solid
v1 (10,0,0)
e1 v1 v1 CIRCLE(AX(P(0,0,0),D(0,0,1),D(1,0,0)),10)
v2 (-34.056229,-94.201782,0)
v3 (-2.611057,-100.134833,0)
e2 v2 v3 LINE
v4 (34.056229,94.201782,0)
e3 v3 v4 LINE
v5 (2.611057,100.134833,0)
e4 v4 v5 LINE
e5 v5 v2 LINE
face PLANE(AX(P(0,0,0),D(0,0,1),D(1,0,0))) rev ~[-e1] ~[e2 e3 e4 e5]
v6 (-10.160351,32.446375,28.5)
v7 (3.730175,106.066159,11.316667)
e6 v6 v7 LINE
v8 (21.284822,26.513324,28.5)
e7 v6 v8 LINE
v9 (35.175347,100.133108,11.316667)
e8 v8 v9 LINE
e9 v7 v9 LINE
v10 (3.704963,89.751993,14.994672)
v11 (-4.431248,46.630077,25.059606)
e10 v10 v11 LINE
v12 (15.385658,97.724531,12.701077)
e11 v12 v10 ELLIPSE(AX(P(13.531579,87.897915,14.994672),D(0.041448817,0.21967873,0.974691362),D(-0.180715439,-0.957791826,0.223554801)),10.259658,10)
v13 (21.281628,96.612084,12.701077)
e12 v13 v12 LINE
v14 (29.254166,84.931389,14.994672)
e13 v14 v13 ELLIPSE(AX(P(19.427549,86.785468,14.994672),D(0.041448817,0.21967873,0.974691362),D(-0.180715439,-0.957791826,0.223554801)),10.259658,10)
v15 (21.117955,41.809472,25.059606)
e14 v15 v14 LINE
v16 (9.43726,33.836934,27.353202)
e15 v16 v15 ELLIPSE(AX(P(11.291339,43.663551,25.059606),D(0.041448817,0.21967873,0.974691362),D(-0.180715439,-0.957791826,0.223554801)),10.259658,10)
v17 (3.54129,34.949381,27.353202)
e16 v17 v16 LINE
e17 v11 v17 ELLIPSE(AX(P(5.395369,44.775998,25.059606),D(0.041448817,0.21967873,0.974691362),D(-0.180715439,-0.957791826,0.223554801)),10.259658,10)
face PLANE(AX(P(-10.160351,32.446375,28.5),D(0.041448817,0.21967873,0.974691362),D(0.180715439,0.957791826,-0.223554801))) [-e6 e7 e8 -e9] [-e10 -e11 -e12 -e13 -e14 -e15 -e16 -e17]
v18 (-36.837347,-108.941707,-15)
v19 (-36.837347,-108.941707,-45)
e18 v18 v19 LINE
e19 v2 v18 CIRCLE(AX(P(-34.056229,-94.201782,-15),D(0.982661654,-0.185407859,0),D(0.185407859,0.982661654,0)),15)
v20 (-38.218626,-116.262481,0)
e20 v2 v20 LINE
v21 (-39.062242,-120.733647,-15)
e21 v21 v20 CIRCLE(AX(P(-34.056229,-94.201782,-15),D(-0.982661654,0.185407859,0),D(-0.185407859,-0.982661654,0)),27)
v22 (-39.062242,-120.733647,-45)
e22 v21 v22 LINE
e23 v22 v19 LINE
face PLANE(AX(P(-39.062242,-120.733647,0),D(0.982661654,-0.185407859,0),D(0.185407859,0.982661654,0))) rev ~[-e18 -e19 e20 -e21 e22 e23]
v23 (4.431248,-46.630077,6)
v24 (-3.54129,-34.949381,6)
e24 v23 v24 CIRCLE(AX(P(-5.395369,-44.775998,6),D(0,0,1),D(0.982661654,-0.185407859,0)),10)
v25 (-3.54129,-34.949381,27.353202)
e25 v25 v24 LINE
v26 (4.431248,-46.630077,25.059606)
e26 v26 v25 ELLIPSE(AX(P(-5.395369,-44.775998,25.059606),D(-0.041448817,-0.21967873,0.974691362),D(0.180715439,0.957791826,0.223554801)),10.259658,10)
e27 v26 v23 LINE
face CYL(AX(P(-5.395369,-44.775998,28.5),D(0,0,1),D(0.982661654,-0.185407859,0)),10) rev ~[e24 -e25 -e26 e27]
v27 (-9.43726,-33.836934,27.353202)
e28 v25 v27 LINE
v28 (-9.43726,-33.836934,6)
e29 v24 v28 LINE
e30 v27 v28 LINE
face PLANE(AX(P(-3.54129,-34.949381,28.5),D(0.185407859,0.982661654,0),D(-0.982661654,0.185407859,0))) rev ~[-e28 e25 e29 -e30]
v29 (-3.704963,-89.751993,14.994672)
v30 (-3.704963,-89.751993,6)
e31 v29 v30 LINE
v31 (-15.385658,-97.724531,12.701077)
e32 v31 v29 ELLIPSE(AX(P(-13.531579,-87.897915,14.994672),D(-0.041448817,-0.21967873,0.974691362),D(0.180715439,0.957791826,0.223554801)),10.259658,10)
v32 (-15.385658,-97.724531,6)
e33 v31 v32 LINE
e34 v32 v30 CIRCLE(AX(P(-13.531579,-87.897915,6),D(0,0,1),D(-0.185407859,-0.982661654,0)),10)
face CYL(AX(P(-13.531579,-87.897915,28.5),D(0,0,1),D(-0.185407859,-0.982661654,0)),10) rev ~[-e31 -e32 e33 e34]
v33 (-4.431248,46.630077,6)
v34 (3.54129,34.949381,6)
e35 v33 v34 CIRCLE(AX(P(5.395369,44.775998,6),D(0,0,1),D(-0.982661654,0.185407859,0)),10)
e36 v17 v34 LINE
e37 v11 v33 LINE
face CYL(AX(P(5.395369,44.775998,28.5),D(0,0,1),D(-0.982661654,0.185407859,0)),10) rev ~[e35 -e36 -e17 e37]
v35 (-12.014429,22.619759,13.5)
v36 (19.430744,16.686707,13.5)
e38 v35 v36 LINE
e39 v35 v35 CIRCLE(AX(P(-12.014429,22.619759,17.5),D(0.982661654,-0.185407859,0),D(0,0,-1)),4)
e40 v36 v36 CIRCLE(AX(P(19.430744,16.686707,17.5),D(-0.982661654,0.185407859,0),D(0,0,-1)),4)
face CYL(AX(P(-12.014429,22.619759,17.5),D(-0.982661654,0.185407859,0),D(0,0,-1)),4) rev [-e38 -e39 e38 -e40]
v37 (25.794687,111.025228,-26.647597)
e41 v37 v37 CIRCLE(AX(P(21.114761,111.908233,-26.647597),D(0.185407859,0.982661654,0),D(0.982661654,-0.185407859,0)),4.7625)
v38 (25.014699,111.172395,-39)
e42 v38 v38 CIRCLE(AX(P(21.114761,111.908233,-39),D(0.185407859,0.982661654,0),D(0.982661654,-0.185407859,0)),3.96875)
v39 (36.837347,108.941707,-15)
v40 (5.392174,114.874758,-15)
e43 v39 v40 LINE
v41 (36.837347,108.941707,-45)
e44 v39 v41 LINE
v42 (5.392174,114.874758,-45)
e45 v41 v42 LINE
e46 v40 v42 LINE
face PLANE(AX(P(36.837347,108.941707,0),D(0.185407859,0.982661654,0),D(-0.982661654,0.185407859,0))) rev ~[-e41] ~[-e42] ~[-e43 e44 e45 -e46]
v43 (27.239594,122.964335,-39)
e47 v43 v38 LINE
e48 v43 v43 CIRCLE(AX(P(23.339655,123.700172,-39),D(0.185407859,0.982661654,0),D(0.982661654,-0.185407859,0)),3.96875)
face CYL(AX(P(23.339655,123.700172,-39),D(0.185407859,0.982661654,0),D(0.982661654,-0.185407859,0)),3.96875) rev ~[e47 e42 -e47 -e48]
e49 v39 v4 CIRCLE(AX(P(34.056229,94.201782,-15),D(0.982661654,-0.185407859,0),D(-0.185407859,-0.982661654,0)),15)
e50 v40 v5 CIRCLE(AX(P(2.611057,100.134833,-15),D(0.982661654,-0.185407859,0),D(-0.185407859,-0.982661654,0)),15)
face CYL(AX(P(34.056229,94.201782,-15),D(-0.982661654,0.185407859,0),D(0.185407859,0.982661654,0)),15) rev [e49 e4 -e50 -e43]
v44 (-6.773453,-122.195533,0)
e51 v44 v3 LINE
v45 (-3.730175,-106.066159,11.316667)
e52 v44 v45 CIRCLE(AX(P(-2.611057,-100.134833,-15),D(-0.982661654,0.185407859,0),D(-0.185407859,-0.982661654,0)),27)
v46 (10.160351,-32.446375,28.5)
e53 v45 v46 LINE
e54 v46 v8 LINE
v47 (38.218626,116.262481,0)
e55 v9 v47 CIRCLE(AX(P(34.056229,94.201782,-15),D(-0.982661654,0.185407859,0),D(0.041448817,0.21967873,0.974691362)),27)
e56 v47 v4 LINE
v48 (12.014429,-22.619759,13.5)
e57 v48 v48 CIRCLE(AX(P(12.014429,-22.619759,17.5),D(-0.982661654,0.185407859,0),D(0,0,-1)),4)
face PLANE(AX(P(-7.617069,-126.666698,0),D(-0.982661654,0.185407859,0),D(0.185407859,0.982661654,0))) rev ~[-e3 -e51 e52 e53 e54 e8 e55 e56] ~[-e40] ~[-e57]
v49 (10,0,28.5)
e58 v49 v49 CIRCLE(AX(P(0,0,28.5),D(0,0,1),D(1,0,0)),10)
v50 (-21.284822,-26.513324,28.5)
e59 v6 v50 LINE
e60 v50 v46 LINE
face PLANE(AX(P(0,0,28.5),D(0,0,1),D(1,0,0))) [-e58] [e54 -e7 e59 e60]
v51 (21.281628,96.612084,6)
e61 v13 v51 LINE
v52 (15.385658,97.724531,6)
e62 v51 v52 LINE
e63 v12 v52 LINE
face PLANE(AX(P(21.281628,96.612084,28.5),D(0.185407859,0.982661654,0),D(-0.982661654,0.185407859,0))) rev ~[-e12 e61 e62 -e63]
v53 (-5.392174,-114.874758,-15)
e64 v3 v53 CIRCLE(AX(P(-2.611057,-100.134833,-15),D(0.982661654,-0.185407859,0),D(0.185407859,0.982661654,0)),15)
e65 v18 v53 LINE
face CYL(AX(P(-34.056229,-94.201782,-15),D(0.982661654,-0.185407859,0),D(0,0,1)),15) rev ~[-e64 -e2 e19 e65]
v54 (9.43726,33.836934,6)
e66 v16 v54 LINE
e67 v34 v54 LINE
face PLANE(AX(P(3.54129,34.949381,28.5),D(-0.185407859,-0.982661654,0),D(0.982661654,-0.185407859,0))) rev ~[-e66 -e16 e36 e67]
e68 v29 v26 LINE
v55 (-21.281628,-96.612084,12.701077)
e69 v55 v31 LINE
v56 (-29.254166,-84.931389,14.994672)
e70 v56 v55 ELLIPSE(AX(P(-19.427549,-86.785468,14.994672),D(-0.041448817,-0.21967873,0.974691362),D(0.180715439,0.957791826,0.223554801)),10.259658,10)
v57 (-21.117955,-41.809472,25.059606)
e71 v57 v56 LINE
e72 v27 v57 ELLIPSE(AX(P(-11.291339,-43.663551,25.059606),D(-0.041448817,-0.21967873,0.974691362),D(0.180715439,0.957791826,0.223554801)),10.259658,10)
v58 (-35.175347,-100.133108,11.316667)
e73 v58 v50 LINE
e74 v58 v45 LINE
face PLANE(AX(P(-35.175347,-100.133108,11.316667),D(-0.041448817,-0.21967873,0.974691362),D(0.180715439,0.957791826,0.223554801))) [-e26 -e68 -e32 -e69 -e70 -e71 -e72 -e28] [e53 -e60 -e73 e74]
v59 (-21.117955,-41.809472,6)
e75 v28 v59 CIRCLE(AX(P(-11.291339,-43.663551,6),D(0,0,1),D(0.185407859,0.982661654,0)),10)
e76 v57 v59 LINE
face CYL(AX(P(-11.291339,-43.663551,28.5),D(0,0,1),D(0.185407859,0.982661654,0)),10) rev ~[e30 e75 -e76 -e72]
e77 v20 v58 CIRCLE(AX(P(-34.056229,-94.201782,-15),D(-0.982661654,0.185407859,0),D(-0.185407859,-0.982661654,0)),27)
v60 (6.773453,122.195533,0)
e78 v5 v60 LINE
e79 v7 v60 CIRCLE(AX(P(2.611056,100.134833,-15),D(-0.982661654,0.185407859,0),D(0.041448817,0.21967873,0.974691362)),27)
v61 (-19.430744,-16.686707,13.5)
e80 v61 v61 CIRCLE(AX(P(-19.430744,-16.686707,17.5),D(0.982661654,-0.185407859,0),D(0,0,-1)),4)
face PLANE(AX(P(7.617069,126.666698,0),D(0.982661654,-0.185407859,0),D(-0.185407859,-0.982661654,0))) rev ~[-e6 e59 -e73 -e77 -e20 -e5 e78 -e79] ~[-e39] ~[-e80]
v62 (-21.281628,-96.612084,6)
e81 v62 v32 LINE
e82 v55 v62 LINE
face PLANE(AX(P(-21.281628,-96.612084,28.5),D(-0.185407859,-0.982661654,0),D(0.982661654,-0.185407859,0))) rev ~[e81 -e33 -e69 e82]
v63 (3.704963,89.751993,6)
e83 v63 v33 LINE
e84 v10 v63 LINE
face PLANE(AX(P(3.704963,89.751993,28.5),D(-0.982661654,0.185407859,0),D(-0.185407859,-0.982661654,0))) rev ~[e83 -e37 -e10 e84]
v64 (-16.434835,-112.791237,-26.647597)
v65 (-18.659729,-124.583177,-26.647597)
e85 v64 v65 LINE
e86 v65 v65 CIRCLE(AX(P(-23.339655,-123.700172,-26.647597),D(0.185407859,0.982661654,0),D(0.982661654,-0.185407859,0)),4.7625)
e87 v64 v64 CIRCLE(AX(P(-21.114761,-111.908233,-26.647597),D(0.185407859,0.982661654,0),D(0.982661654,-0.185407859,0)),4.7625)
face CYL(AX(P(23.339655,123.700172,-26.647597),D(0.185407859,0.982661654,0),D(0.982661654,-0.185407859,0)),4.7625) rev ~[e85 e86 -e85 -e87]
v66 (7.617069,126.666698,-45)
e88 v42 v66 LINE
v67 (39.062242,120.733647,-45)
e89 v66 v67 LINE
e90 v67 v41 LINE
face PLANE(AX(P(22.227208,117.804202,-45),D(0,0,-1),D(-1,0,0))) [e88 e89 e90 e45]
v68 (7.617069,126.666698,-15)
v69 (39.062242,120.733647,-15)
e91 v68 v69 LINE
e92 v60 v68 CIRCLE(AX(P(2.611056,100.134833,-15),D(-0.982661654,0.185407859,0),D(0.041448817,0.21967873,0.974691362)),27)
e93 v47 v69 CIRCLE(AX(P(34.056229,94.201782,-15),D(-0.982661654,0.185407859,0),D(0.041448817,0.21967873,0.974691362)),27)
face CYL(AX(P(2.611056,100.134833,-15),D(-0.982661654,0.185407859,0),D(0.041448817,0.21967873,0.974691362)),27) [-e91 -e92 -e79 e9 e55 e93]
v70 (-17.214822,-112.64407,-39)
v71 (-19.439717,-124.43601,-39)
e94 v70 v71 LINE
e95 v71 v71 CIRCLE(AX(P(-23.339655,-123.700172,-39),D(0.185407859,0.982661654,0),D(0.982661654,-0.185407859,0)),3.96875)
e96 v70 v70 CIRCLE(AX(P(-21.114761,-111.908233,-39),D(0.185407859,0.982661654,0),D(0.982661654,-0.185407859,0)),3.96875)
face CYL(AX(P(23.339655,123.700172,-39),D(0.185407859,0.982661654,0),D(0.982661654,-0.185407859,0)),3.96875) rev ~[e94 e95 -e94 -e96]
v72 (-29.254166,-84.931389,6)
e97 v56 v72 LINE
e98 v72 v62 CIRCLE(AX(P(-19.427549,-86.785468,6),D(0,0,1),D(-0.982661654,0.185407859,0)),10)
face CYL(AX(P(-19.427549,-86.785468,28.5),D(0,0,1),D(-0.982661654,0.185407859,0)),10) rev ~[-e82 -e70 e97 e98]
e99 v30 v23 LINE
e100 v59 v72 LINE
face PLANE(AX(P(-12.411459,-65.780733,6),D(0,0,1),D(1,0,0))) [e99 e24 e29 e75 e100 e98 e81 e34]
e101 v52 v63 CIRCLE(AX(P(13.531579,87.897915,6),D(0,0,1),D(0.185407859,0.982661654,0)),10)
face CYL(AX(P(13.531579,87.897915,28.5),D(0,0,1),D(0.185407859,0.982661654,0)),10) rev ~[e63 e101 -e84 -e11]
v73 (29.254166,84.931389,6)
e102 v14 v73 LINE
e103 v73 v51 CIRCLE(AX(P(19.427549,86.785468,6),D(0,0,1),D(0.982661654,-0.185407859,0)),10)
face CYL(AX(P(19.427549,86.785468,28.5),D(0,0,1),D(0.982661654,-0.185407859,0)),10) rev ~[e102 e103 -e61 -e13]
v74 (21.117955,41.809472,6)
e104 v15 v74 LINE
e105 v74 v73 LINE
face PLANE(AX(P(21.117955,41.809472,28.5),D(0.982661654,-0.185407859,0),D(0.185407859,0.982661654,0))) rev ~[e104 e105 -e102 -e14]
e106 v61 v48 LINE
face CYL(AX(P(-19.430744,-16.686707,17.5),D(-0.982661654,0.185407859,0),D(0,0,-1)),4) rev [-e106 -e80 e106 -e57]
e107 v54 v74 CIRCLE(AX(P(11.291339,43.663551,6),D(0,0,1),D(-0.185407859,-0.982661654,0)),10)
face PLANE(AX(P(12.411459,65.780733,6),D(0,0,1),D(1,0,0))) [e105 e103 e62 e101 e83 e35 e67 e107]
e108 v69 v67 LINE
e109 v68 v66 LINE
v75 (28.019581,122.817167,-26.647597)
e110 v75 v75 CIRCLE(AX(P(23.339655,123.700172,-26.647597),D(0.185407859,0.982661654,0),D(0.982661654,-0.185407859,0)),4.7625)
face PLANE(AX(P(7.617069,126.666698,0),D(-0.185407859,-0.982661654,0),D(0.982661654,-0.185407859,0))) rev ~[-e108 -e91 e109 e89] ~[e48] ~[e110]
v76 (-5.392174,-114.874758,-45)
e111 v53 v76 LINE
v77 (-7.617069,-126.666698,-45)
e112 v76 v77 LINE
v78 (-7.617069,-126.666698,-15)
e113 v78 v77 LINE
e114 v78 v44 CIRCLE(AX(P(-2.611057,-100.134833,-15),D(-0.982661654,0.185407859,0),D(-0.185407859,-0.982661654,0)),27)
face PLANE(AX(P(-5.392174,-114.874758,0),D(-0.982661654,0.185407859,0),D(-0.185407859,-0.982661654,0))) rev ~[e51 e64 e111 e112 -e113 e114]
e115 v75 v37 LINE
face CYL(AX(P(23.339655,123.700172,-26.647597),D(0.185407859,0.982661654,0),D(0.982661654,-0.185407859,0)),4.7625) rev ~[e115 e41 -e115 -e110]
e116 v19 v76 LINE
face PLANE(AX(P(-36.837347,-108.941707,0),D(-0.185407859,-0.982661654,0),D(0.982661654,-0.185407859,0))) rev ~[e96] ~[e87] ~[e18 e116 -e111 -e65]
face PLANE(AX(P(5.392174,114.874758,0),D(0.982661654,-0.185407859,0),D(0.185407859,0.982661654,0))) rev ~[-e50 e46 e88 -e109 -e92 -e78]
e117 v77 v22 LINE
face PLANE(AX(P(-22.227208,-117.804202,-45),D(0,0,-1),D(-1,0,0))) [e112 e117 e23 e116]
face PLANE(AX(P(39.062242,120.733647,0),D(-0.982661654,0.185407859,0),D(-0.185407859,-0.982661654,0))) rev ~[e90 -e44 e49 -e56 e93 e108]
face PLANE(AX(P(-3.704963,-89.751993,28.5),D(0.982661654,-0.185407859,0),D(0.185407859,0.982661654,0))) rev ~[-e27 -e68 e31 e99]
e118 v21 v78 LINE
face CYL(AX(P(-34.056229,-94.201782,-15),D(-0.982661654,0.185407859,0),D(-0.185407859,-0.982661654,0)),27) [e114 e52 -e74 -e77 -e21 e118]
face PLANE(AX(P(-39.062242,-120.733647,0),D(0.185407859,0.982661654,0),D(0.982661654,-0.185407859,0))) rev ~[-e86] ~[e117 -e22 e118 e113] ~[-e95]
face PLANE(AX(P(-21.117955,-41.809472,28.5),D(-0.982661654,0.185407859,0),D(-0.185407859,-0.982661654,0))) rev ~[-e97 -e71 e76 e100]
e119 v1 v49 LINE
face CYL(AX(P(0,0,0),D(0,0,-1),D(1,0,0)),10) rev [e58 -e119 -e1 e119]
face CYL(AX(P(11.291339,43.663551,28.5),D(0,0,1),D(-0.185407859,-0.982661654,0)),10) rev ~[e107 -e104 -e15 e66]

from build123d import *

# Parameters (mm, degrees)
SKETCH1_R               = 10
BOSS_EXTRUDE1_DEPTH     = 28.5
BOSS_EXTRUDE2_DEPTH     = 45
SKETCH4_R               = 4.7625
SKETCH4_R_2             = 3.96875
CUT_EXTRUDE1_DEPTH      = 258.595725096
FILLET3_R               = 15
SKETCH10_R              = 4
CUT_EXTRUDE2_DEPTH      = 78.869968284
CUT_EXTRUDE2_DEPTH_BACK = 46.869968284
CUT_EXTRUDE4_DEPTH      = 22.5


with BuildPart() as part:
    # Sketch1 → Boss-Extrude1 (new body)
    with BuildSketch(Plane.XY):
        Polygon((-7.617068705, -126.66669812), (39.062241625, 120.733646626), (7.617068705, 126.66669812), (-39.062241625, -120.733646626), align=None)
        Circle(SKETCH1_R, mode=Mode.SUBTRACT)
    extrude(amount=BOSS_EXTRUDE1_DEPTH)

    # Sketch2 → Boss-Extrude2 (add)
    with BuildSketch(Plane(origin=(0, 0, 0), x_dir=(-1, 0, 0), z_dir=(0, 0, -1))):
        Polygon((-39.062241625, 120.733646626), (-36.837347314, 108.941706781), (-5.392174394, 114.874758275), (-7.617068705, 126.66669812), align=None)
        Polygon((36.837347314, -108.941706781), (5.392174394, -114.874758275), (7.617068705, -126.66669812), (39.062241625, -120.733646626), align=None)
    extrude(amount=BOSS_EXTRUDE2_DEPTH)

    # Sketch4 → Cut-Extrude1 (cut, through all)
    with BuildSketch(Plane(origin=(-1.656161502, 128.416364197, 0), x_dir=(0.982661654, -0.185407859, 0), z_dir=(0.185407859, 0.982661654, 0))):
        with Locations((25.436849572, 26.64759704)):
            Circle(SKETCH4_R)
        with Locations((25.436849572, 39)):
            Circle(SKETCH4_R_2)
    extrude(amount=-CUT_EXTRUDE1_DEPTH, mode=Mode.SUBTRACT)

    # Fillet3
    fillet3_edges = [part.edges().sort_by_distance(p)[0] for p in [
        (21.114760854, 111.908232528, 0),
        (-21.114760854, -111.908232528, 0),
    ]]
    fillet(fillet3_edges, radius=FILLET3_R)

    # Sketch10 → Cut-Extrude2 (cut, two sides)
    with BuildSketch(Plane(origin=(-16.024269994, 1.367603019, 0), x_dir=(0, 0, -1), z_dir=(0.982661654, -0.185407859, 0))) as cut_extrude2_sk:
        with Locations((-17.5, 21.627134551)):
            Circle(SKETCH10_R)
        with Locations((-17.5, -18.372865449)):
            Circle(SKETCH10_R)
        with BuildLine():
            Line((-28.5, 31.627134551), (-11.316666773, 106.545885621))
            ThreePointArc((-11.316666773, 106.545885621), (-1.82302812, 121.628280107), (15, 127.509906002))
            Line((15, 127.509906002), (-43.528341994, 140.350199542))
            Line((-43.528341994, 140.350199542), (-46.913882941, 31.627134551))
            Line((-46.913882941, 31.627134551), (-28.5, 31.627134551))
        make_face()
        with BuildLine():
            Line((-43.528341994, -137.095930441), (15, -124.255636901))
            ThreePointArc((15, -124.255636901), (-1.82302812, -118.374011006), (-11.316666773, -103.29161652))
            Line((-11.316666773, -103.29161652), (-28.5, -28.372865449))
            Line((-28.5, -28.372865449), (-46.913882941, -28.372865449))
            Line((-46.913882941, -28.372865449), (-43.528341994, -137.095930441))
        make_face()
    extrude(amount=CUT_EXTRUDE2_DEPTH, mode=Mode.SUBTRACT)
    extrude(cut_extrude2_sk.sketch, amount=-CUT_EXTRUDE2_DEPTH_BACK, mode=Mode.SUBTRACT)

    # Sketch11 → Cut-Extrude4 (cut)
    with BuildSketch(Plane.XY.offset(28.5)):
        with BuildLine():
            Line((3.541290111, 34.949381459), (9.437260033, 33.836934304))
            ThreePointArc((9.437260033, 33.836934304), (16.92877427, 35.404052106), (21.117955163, 41.809472249))
            Line((21.117955163, 41.809472249), (29.254165873, 84.931389014))
            ThreePointArc((29.254165873, 84.931389014), (27.687048071, 92.422903251), (21.281627928, 96.612084144))
            Line((21.281627928, 96.612084144), (15.385658005, 97.724531299))
            ThreePointArc((15.385658005, 97.724531299), (7.894143769, 96.157413497), (3.704962876, 89.751993354))
            Line((3.704962876, 89.751993354), (-4.431247835, 46.630076588))
            ThreePointArc((-4.431247835, 46.630076588), (-2.864130032, 39.138562352), (3.541290111, 34.949381459))
        make_face()
        with BuildLine():
            Line((-21.281627928, -96.612084144), (-15.385658005, -97.724531299))
            ThreePointArc((-15.385658005, -97.724531299), (-7.894143769, -96.157413497), (-3.704962876, -89.751993354))
            Line((-3.704962876, -89.751993354), (4.431247835, -46.630076588))
            ThreePointArc((4.431247835, -46.630076588), (2.864130032, -39.138562352), (-3.541290111, -34.949381459))
            Line((-3.541290111, -34.949381459), (-9.437260033, -33.836934304))
            ThreePointArc((-9.437260033, -33.836934304), (-16.92877427, -35.404052106), (-21.117955163, -41.809472249))
            Line((-21.117955163, -41.809472249), (-29.254165873, -84.931389014))
            ThreePointArc((-29.254165873, -84.931389014), (-27.687048071, -92.422903251), (-21.281627928, -96.612084144))
        make_face()
    extrude(amount=-CUT_EXTRUDE4_DEPTH, mode=Mode.SUBTRACT)


solid = part.part
